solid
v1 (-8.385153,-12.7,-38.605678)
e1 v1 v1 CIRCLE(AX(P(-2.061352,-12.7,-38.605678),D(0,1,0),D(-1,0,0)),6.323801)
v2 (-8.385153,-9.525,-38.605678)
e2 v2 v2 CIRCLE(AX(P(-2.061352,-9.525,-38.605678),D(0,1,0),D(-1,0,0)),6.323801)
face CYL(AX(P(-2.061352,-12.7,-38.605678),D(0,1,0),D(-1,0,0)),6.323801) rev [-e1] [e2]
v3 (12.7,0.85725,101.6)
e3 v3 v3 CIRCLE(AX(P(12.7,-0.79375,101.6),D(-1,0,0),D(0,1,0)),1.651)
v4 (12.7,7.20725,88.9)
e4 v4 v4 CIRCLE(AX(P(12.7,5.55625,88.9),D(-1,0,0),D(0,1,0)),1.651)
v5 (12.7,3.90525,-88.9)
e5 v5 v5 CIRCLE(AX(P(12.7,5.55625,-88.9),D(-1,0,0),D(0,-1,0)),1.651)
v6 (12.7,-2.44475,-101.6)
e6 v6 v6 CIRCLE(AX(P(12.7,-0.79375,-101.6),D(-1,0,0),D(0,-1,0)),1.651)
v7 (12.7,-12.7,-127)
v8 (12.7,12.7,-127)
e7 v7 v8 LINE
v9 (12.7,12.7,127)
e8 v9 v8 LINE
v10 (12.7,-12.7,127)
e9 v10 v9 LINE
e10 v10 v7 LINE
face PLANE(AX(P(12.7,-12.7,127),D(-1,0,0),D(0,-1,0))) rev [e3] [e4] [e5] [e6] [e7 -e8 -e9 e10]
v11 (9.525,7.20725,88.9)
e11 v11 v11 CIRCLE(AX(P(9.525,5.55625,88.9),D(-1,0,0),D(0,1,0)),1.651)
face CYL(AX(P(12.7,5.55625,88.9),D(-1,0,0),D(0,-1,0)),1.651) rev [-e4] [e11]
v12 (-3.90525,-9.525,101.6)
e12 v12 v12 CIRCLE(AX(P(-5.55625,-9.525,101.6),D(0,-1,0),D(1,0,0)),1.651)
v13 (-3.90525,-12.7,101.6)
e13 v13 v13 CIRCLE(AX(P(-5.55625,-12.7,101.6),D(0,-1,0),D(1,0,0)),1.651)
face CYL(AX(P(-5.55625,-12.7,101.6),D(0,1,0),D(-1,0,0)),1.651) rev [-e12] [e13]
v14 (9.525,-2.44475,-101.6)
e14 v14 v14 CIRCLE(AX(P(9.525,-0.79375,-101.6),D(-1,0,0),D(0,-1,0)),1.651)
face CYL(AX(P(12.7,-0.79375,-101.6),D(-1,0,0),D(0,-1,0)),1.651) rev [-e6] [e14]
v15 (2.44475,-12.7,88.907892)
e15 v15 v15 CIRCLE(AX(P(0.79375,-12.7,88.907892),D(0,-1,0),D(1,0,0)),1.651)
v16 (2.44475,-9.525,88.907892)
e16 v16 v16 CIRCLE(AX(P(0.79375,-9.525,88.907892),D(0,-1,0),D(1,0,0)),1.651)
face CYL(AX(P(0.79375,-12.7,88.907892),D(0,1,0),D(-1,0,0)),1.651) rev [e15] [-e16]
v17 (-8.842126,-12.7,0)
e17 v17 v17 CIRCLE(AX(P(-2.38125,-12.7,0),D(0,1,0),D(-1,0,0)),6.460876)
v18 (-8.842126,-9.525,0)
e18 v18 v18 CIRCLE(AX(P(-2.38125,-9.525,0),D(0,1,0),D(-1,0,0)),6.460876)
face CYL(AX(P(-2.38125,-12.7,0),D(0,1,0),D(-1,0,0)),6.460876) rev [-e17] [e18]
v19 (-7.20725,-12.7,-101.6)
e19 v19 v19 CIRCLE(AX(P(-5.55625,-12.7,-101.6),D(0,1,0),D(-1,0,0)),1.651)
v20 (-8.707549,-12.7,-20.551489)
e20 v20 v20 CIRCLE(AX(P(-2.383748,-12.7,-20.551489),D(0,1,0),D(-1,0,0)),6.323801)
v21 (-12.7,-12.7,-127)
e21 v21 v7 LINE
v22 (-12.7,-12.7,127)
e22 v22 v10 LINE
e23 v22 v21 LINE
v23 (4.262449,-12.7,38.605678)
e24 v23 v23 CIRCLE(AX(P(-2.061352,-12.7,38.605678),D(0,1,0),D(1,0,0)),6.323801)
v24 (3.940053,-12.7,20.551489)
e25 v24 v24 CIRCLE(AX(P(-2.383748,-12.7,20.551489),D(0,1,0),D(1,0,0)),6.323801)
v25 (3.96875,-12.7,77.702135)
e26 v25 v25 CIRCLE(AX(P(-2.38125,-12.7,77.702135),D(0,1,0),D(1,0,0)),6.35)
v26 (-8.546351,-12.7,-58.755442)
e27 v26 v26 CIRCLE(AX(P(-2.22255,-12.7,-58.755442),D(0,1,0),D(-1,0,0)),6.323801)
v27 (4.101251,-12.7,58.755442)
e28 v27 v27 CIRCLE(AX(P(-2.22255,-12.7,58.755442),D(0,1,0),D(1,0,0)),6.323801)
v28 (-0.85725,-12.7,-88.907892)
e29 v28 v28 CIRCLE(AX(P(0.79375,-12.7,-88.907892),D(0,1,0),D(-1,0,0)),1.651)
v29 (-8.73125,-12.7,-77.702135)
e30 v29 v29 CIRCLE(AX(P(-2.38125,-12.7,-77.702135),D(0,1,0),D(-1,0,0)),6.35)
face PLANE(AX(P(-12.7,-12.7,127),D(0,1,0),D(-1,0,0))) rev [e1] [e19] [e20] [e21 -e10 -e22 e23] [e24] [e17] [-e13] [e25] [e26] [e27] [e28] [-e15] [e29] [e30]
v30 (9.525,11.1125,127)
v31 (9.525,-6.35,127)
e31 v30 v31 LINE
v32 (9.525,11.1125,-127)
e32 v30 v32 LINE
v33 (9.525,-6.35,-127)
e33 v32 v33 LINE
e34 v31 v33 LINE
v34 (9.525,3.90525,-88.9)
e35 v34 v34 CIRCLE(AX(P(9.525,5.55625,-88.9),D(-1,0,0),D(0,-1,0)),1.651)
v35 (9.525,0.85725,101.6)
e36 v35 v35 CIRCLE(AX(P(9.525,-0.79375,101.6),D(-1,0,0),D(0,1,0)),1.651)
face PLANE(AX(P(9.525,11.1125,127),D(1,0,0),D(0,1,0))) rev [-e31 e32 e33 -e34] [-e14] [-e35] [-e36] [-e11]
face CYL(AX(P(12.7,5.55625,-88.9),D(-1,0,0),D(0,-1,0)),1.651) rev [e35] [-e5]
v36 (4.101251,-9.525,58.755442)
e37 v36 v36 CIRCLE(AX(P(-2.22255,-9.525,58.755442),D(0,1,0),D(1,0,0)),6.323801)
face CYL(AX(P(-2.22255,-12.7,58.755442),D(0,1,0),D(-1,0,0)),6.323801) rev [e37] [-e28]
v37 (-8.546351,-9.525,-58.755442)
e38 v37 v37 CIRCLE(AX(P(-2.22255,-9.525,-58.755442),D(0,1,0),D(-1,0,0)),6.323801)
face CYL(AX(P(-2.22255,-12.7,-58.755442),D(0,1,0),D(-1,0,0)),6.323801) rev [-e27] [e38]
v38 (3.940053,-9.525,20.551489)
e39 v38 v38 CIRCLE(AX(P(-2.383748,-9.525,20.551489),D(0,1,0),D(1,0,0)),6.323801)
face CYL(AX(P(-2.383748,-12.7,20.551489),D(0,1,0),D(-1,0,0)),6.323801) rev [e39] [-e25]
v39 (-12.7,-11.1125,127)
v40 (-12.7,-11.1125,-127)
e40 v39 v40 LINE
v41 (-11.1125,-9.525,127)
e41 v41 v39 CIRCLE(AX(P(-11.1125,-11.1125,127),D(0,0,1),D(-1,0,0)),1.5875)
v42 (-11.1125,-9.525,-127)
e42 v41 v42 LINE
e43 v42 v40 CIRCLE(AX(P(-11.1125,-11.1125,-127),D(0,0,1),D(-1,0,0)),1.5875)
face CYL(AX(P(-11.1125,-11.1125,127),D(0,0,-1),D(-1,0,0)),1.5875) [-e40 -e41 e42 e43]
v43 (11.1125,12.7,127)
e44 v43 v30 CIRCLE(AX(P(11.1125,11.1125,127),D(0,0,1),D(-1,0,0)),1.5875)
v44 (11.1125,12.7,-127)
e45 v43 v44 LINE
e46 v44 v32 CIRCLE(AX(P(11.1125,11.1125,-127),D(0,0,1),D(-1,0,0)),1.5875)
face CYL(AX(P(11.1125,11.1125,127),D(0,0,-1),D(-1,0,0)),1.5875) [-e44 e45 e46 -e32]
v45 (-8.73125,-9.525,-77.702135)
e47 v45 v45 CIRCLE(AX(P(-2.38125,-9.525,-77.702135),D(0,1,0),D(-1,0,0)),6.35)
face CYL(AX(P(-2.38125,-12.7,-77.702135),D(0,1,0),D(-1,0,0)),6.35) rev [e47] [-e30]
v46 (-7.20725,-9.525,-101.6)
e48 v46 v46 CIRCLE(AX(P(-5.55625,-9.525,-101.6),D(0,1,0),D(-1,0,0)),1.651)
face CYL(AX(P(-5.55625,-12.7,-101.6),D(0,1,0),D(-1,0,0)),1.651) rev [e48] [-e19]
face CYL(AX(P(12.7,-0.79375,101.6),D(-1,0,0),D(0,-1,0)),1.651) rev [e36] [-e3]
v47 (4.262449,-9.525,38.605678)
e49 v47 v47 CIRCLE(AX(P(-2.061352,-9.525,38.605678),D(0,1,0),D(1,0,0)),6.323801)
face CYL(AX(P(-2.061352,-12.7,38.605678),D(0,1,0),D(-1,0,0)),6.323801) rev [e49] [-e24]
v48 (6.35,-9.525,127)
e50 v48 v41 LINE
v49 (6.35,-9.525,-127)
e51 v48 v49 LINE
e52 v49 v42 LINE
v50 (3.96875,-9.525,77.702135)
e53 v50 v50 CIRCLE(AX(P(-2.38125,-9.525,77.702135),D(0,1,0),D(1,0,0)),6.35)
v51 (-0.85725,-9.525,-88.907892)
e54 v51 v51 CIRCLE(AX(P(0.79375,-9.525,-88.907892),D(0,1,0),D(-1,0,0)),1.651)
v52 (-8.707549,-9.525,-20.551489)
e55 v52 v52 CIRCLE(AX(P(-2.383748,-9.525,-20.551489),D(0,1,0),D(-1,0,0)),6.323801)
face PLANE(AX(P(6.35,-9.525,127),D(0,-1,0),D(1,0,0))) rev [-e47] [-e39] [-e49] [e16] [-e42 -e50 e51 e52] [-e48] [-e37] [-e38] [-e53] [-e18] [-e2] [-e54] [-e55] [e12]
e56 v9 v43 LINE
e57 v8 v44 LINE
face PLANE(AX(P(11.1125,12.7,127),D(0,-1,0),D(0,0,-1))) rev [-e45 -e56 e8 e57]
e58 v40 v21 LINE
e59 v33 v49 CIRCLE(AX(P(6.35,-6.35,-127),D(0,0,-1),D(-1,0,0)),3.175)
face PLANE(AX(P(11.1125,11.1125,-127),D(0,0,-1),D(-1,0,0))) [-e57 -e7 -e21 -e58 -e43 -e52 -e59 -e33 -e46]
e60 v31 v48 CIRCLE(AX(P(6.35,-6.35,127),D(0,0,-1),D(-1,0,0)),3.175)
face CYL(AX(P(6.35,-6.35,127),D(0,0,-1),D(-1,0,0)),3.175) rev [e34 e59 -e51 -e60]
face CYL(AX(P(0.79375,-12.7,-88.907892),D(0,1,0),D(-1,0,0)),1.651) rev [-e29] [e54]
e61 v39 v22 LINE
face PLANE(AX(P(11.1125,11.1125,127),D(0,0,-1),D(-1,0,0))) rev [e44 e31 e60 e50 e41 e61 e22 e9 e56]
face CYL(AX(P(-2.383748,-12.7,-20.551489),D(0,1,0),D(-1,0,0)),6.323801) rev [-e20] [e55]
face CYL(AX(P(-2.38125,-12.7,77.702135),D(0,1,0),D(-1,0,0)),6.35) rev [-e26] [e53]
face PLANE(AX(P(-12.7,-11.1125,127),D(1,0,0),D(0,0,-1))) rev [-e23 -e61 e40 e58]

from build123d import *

# Parameters (mm, degrees)
BOSS_EXTRUDE1_DEPTH = 127
SKETCH4_R           = 1.651
CUT_EXTRUDE1_DEPTH  = 130.554006596
SKETCH5_R           = 1.651
CUT_EXTRUDE2_DEPTH  = 130.554006596
SKETCH4_5_R         = 1.651
SKETCH4_5_R_2       = 6.35
SKETCH4_5_R_3       = 6.323800798
SKETCH4_5_R_4       = 6.460876205
CUT_EXTRUDE3_DEPTH  = 130.554006596


with BuildPart() as part:
    # Sketch2 → Boss-Extrude1 (new, symmetric)
    with BuildSketch(Plane.XY):
        with BuildLine():
            Line((-12.7, -12.7), (12.7, -12.7))
            Line((12.7, -12.7), (12.7, 12.7))
            Line((12.7, 12.7), (11.1125, 12.7))
            ThreePointArc((11.1125, 12.7), (9.989967985, 12.235032015), (9.525, 11.1125))
            Line((9.525, 11.1125), (9.525, -6.35))
            ThreePointArc((9.525, -6.35), (8.59506403, -8.59506403), (6.35, -9.525))
            Line((6.35, -9.525), (-11.1125, -9.525))
            ThreePointArc((-11.1125, -9.525), (-12.235032015, -9.989967985), (-12.7, -11.1125))
            Line((-12.7, -11.1125), (-12.7, -12.7))
        make_face()
    extrude(amount=BOSS_EXTRUDE1_DEPTH, both=True)

    # Sketch4 → Cut-Extrude1 (cut, through all)
    with BuildSketch(Plane(origin=(0, -9.525, 0), x_dir=(1, 0, 0), z_dir=(0, 1, 0))):
        with Locations((-5.55625, 101.6)):
            Circle(SKETCH4_R)
        with Locations((0.79375, 88.907891862)):
            Circle(SKETCH4_R)
        with Locations((0.79375, -88.907891862)):
            Circle(SKETCH4_R)
        with Locations((-5.55625, -101.6)):
            Circle(SKETCH4_R)
    extrude(amount=-CUT_EXTRUDE1_DEPTH, mode=Mode.SUBTRACT)

    # Sketch5 → Cut-Extrude2 (cut, through all)
    with BuildSketch(Plane.ZY.offset(-9.525)):
        with Locations((-88.9, 5.55625)):
            Circle(SKETCH5_R)
        with Locations((-101.6, -0.79375)):
            Circle(SKETCH5_R)
        with Locations((88.9, 5.55625)):
            Circle(SKETCH5_R)
        with Locations((101.6, -0.79375)):
            Circle(SKETCH5_R)
    extrude(amount=-CUT_EXTRUDE2_DEPTH, mode=Mode.SUBTRACT)

    # Sketch4<5> → Cut-Extrude3 (cut, through all)
    with BuildSketch(Plane(origin=(0, -9.525, 0), x_dir=(1, 0, 0), z_dir=(0, 1, 0))):
        with Locations((-5.55625, 101.6)):
            Circle(SKETCH4_5_R)
        with Locations((0.79375, 88.907891862)):
            Circle(SKETCH4_5_R)
        with Locations((0.79375, -88.907891862)):
            Circle(SKETCH4_5_R)
        with Locations((-5.55625, -101.6)):
            Circle(SKETCH4_5_R)
        with Locations((-2.38125, 77.702134885)):
            Circle(SKETCH4_5_R_2)
        with Locations((-2.222550137, 58.755442455)):
            Circle(SKETCH4_5_R_3)
        with Locations((-2.061352022, 38.605678066)):
            Circle(SKETCH4_5_R_3)
        with Locations((-2.383748252, 20.551489173)):
            Circle(SKETCH4_5_R_3)
        with Locations((-2.38125, 0)):
            Circle(SKETCH4_5_R_4)
        with Locations((-2.061352022, -38.605678066)):
            Circle(SKETCH4_5_R_3)
        with Locations((-2.383748252, -20.551489173)):
            Circle(SKETCH4_5_R_3)
        with Locations((-2.222550137, -58.755442455)):
            Circle(SKETCH4_5_R_3)
        with Locations((-2.38125, -77.702134885)):
            Circle(SKETCH4_5_R_2)
    extrude(amount=-CUT_EXTRUDE3_DEPTH, mode=Mode.SUBTRACT)


solid = part.part
